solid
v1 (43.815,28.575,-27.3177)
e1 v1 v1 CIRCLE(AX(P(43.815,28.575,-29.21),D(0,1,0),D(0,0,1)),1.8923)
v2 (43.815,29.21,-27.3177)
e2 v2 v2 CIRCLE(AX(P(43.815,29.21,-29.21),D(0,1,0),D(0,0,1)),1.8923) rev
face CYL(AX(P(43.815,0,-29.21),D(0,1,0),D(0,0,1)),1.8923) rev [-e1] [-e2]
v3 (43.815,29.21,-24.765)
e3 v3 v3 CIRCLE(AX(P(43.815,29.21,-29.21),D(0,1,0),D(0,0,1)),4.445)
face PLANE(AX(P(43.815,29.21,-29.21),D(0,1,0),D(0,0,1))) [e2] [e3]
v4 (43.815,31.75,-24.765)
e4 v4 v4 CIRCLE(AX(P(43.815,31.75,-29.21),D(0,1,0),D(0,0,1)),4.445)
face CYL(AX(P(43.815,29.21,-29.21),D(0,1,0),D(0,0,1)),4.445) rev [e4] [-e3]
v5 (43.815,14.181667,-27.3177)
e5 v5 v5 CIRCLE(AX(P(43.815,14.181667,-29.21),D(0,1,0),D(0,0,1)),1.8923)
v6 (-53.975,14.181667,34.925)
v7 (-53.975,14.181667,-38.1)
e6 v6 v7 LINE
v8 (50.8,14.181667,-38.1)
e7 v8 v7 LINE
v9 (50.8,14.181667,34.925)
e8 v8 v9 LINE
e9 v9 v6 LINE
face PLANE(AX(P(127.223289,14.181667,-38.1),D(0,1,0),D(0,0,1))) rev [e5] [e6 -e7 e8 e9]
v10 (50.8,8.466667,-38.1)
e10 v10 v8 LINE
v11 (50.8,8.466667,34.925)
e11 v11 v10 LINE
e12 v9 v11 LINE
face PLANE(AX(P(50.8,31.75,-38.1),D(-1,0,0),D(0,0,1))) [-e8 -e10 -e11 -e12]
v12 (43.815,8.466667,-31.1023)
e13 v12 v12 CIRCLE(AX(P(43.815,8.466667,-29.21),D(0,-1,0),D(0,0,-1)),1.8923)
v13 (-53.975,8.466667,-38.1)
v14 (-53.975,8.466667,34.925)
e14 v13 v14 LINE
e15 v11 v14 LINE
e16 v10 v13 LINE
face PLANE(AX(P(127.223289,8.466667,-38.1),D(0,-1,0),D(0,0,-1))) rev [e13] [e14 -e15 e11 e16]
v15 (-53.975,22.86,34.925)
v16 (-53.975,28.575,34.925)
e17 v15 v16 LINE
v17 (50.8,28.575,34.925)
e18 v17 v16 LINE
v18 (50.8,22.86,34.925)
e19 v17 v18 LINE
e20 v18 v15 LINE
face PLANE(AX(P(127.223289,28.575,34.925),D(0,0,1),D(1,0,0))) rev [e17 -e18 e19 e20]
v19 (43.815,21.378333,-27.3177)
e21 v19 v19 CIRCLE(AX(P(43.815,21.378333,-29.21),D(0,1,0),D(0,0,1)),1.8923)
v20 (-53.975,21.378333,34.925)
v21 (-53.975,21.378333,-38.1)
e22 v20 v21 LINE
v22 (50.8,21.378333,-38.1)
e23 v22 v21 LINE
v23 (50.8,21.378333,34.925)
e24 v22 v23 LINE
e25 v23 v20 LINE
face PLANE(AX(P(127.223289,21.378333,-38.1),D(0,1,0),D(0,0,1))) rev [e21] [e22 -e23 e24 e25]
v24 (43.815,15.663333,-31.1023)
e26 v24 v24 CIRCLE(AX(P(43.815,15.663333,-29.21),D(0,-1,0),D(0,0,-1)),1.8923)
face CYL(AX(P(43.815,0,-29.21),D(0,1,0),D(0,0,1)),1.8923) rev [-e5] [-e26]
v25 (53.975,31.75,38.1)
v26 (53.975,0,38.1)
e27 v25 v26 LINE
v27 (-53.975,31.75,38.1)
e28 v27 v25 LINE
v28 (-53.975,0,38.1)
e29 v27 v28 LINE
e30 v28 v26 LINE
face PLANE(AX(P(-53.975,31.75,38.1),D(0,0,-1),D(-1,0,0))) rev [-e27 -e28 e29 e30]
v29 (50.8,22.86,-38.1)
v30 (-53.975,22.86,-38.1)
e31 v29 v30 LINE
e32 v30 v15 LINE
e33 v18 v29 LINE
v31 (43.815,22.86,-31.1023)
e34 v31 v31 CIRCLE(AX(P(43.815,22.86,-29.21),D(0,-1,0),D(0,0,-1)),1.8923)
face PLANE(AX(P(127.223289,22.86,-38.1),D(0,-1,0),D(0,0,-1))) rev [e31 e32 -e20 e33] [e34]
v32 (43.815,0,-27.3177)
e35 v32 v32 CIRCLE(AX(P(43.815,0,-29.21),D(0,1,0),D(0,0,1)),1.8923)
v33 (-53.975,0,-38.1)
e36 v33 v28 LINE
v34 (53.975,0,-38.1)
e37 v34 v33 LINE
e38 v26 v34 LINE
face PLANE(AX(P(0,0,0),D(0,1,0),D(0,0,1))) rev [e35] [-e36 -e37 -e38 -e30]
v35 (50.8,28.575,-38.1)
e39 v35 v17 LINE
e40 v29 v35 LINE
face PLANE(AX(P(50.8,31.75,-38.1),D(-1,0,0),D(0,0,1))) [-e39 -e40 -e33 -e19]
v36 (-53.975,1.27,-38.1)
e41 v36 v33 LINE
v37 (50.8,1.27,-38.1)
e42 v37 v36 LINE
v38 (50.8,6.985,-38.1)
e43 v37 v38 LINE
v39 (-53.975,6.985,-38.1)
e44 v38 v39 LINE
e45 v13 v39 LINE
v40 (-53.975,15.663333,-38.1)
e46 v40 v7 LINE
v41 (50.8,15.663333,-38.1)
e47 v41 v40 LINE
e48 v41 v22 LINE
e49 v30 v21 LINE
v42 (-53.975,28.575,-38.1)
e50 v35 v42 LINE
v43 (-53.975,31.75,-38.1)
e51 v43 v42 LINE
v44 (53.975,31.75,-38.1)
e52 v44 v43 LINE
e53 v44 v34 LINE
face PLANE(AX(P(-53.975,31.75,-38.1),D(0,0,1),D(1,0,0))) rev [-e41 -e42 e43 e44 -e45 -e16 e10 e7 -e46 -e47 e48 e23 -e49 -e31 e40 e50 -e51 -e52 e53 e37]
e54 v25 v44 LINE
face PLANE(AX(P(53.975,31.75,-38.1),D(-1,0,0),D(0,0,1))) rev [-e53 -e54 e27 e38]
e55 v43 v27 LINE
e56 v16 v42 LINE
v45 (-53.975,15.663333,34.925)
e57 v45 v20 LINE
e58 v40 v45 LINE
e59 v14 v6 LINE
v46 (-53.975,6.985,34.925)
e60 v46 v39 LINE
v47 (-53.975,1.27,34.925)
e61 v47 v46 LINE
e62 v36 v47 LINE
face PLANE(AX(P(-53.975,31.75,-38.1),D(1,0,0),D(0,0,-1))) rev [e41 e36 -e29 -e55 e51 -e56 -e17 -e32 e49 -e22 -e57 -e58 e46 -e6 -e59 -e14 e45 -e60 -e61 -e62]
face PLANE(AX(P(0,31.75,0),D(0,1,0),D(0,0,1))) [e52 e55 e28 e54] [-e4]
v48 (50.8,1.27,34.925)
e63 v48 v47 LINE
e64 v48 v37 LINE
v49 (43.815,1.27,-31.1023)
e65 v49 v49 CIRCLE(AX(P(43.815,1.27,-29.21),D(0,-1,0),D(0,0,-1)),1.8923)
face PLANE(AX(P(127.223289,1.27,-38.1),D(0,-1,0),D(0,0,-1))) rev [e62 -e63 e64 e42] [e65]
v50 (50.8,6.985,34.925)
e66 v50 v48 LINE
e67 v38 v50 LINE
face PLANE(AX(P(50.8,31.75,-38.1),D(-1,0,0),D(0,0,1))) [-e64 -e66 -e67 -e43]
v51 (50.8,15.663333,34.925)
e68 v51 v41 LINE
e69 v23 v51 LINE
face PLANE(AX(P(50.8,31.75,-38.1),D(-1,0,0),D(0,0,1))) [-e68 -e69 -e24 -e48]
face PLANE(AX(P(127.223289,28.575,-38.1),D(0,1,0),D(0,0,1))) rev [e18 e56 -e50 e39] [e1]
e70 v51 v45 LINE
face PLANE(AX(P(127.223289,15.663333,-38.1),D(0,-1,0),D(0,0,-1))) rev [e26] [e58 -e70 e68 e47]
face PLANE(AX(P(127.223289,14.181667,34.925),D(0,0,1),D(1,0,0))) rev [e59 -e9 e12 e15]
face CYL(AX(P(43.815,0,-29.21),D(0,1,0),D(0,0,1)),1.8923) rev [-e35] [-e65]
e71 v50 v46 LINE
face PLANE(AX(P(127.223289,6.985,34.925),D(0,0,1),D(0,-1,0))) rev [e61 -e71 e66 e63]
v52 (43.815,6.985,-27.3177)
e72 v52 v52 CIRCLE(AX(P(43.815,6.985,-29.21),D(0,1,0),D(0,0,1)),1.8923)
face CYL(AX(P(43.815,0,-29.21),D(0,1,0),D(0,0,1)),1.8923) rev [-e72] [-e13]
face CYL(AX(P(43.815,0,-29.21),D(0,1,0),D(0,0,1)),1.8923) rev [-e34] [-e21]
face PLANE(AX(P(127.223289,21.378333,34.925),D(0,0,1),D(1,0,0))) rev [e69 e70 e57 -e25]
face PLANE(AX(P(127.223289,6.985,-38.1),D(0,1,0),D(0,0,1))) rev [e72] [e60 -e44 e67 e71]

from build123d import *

# Parameters (mm, degrees)
SKETCH1_W           = 107.95
SKETCH1_H           = 76.2
BOSS_EXTRUDE1_DEPTH = 31.75
SKETCH2_W           = 73.025
SKETCH2_H           = 5.715
CUT_EXTRUDE1_DEPTH  = 104.775
SKETCH3_R           = 1.8923
CUT_EXTRUDE2_DEPTH  = 32.75
SKETCH4_R           = 4.445
CUT_EXTRUDE3_DEPTH  = 2.54


with BuildPart() as part:
    # Sketch1 → Boss-Extrude1 (new body)
    with BuildSketch(Plane(origin=(0, 0, 0), x_dir=(1, 0, 0), z_dir=(0, 1, 0))):
        Rectangle(SKETCH1_W, SKETCH1_H)
    extrude(amount=BOSS_EXTRUDE1_DEPTH)

    # Sketch2 → Cut-Extrude1 (cut)
    with BuildSketch(Plane.ZY.offset(53.975)):
        with Locations((-1.5875, 25.7175)):
            Rectangle(SKETCH2_W, SKETCH2_H)
        with Locations((-1.5875, 18.520833333)):
            Rectangle(SKETCH2_W, SKETCH2_H)
        with Locations((-1.5875, 11.324166667)):
            Rectangle(SKETCH2_W, SKETCH2_H)
        with Locations((-1.5875, 4.1275)):
            Rectangle(SKETCH2_W, SKETCH2_H)
    extrude(amount=-CUT_EXTRUDE1_DEPTH, mode=Mode.SUBTRACT)

    # Sketch3 → Cut-Extrude2 (cut, through all)
    with BuildSketch(Plane(origin=(0, 31.75, 0), x_dir=(1, 0, 0), z_dir=(0, 1, 0))):
        with Locations((43.815, 29.21)):
            Circle(SKETCH3_R)
    extrude(amount=-CUT_EXTRUDE2_DEPTH, mode=Mode.SUBTRACT)

    # Sketch4 → Cut-Extrude3 (cut)
    with BuildSketch(Plane(origin=(0, 31.75, 0), x_dir=(1, 0, 0), z_dir=(0, 1, 0))):
        with Locations((43.815, 29.21)):
            Circle(SKETCH4_R)
    extrude(amount=-CUT_EXTRUDE3_DEPTH, mode=Mode.SUBTRACT)


solid = part.part
